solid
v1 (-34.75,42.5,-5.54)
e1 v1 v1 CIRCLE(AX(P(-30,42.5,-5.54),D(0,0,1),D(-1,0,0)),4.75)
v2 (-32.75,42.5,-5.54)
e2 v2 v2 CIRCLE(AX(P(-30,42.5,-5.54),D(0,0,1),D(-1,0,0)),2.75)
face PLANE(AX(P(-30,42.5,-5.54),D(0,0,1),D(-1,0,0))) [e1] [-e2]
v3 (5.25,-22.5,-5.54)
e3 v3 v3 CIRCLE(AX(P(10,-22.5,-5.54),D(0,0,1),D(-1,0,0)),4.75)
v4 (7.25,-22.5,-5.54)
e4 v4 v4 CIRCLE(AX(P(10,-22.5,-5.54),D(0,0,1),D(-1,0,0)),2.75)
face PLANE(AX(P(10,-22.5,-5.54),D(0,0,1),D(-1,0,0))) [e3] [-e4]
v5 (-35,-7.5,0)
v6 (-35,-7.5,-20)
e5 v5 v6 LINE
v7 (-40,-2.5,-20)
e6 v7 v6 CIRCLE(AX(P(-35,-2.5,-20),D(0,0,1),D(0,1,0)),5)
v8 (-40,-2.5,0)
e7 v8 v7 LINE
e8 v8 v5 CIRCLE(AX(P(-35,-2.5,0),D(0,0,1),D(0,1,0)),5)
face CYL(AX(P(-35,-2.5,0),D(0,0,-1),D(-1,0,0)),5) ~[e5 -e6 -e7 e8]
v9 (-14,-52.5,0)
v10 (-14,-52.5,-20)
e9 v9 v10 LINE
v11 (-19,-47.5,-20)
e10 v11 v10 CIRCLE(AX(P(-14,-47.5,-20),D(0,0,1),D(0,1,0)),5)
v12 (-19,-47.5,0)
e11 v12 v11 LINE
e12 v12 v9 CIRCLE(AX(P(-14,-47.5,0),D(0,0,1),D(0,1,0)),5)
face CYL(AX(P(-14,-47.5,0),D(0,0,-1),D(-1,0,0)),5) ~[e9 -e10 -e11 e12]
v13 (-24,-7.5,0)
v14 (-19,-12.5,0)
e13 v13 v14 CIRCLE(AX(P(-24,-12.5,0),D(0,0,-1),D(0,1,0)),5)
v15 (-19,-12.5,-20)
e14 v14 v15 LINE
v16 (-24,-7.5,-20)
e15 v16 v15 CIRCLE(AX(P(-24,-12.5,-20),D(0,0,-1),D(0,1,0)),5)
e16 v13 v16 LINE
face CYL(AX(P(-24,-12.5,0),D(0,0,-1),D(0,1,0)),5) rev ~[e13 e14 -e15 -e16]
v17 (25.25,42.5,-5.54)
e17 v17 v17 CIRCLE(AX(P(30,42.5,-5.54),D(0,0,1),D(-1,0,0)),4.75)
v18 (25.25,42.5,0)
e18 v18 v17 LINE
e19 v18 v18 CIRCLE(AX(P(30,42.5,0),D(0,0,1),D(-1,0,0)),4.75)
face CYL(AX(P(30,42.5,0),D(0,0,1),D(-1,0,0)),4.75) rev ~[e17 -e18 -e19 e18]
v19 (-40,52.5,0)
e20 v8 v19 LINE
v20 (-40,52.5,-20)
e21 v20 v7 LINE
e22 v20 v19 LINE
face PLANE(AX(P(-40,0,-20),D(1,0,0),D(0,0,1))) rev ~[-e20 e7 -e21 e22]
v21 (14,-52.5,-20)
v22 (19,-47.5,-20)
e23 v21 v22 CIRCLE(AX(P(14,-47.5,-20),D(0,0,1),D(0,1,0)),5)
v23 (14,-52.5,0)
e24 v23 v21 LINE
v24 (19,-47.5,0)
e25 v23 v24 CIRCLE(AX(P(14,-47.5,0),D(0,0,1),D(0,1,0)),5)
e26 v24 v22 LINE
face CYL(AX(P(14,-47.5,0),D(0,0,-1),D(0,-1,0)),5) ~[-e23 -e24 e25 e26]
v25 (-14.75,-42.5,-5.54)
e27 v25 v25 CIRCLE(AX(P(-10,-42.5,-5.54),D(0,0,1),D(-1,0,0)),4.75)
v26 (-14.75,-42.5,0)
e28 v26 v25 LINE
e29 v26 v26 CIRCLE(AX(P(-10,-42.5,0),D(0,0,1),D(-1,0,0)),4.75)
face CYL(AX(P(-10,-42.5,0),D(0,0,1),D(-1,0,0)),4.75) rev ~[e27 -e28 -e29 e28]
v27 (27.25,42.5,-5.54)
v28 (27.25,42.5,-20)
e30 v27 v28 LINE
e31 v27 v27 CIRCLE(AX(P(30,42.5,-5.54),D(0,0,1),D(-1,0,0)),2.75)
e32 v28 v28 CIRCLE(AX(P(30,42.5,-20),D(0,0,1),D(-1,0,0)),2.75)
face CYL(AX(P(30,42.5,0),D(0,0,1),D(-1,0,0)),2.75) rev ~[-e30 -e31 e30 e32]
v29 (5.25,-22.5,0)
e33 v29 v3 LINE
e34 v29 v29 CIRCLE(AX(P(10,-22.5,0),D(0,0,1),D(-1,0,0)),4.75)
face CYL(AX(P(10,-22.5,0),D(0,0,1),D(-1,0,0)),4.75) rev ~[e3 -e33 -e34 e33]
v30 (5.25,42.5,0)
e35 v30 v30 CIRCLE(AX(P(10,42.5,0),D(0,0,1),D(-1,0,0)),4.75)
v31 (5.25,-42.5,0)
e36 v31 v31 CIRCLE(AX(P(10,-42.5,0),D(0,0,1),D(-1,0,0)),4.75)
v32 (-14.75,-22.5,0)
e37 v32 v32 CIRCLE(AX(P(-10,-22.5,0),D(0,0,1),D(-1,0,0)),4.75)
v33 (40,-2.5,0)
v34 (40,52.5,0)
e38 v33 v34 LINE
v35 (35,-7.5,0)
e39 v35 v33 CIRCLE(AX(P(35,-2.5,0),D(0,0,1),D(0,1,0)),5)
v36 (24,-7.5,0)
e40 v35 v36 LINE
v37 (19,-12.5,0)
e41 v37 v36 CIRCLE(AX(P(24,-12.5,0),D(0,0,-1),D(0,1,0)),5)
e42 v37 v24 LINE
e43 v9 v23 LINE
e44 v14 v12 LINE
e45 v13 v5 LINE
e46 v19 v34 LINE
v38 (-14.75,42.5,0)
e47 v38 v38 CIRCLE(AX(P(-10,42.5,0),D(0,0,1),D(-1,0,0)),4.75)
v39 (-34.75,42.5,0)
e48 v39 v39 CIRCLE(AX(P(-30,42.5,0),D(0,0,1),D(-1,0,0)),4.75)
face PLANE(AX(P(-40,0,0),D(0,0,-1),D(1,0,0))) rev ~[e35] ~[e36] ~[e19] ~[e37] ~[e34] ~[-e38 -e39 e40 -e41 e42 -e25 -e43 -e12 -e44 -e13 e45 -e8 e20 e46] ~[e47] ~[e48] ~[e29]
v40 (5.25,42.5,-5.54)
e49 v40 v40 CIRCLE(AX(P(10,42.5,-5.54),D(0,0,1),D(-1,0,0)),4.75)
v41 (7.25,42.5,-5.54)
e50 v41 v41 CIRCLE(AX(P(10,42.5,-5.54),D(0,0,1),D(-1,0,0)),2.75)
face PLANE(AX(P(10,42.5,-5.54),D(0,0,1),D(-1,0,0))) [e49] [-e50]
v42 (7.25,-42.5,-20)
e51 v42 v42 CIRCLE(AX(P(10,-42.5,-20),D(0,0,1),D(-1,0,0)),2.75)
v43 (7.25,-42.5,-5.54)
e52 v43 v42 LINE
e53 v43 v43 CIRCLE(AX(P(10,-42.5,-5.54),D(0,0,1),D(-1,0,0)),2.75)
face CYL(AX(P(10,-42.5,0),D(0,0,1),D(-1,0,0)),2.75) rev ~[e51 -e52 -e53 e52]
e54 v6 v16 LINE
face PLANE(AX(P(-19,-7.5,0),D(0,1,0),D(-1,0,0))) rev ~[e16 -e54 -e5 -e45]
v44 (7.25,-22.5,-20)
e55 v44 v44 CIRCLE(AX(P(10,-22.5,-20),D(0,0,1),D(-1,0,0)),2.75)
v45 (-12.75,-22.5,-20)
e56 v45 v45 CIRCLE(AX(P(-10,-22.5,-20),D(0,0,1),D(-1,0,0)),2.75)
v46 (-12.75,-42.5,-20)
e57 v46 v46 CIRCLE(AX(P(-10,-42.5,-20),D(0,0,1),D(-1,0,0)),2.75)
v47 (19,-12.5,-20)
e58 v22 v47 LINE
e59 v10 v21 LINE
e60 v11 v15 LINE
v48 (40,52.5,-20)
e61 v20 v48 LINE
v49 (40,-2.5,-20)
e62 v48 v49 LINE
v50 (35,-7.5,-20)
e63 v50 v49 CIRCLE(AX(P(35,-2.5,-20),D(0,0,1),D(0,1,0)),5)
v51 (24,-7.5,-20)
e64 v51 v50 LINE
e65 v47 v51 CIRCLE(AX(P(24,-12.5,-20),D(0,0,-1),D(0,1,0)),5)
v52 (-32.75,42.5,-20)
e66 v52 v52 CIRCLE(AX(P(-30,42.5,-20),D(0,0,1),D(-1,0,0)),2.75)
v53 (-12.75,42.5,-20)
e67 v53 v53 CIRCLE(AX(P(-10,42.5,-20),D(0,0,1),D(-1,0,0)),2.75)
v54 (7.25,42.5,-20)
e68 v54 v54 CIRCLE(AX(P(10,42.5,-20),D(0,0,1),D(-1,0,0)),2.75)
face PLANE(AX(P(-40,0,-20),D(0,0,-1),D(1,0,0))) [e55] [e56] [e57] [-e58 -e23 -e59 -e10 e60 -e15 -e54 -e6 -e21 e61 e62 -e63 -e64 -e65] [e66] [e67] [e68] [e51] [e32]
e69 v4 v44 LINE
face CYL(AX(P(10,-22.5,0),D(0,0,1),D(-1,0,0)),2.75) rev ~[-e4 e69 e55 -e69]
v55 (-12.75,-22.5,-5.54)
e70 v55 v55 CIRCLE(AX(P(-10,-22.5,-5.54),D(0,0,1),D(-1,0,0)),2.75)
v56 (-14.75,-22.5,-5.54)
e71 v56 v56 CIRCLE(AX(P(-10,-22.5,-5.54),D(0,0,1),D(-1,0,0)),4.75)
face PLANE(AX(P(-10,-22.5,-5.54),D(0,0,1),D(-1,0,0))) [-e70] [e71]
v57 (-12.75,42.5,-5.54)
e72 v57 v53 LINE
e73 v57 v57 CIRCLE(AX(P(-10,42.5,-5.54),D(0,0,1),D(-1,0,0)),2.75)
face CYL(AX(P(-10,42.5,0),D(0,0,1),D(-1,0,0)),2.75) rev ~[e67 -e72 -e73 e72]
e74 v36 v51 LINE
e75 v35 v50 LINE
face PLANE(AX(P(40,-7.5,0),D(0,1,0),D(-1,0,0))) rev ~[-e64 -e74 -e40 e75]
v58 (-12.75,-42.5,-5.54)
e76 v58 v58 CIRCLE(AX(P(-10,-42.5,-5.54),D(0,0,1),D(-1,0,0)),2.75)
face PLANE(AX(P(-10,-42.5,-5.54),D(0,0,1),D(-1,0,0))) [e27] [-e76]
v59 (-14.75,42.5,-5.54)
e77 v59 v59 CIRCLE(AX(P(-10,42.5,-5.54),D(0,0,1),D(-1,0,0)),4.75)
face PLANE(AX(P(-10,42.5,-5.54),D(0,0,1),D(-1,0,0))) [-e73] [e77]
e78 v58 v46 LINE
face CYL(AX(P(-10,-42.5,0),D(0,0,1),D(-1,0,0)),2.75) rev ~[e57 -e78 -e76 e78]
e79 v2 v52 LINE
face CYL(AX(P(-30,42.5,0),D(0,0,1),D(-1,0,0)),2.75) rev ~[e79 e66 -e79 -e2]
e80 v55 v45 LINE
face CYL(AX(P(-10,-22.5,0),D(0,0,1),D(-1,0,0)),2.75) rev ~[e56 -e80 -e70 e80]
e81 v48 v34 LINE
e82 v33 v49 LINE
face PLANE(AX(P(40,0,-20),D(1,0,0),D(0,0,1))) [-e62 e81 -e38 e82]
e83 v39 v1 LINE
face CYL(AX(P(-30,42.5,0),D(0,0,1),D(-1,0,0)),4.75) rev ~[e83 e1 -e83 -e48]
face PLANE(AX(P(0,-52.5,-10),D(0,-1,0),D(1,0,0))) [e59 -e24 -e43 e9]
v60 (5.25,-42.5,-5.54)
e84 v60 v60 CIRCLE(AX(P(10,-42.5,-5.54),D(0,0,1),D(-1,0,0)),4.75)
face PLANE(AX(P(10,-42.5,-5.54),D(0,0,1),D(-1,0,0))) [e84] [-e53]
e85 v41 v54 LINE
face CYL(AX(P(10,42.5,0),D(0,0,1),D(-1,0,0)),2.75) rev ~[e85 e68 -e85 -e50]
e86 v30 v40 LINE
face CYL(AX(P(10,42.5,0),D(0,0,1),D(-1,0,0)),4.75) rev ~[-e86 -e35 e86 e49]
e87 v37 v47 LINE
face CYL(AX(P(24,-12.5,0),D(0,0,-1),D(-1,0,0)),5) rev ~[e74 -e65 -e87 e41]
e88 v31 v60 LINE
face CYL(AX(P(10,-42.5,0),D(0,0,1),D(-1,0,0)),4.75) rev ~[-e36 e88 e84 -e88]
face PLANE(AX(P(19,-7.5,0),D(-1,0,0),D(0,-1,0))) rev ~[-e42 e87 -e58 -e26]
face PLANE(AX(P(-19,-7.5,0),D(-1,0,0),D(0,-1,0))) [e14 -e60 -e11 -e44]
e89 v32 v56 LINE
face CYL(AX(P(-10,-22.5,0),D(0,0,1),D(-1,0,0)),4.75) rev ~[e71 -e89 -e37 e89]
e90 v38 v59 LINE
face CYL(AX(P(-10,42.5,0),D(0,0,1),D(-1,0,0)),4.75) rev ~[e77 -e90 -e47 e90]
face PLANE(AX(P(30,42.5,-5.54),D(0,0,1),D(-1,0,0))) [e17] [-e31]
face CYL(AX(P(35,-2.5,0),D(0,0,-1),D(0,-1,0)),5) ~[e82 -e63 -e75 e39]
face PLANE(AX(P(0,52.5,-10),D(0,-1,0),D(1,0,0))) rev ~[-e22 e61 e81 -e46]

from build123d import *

# Parameters (mm, degrees)
SKETCH_W        = 80
SKETCH_H        = 20
PAD_DEPTH       = 52.5
SKETCH001_R     = 2.75
POCKET_DEPTH    = 20.001
SKETCH002_R     = 4.75
POCKET001_DEPTH = 5.54
SKETCH003_W     = 21
SKETCH003_H     = 45
POCKET002_DEPTH = 20.001
FILLET_R        = 5


with BuildPart() as part:
    # Sketch → Pad (new body, symmetric)
    with BuildSketch(Plane.XZ):
        with Locations((0, -10)):
            Rectangle(SKETCH_W, SKETCH_H)
    extrude(amount=PAD_DEPTH, both=True)

    # Sketch001 (on Face4 of Pad) → Pocket (cut, through all)
    with BuildSketch(Plane(origin=(0, 0, 0), x_dir=(-1, 0, 0), z_dir=(0, 0, 1))):
        with Locations((-30, -42.5)):
            Circle(SKETCH001_R)
        with Locations((30, -42.5)):
            Circle(SKETCH001_R)
        with Locations((-10, 42.5)):
            Circle(SKETCH001_R)
        with Locations((10, 42.5)):
            Circle(SKETCH001_R)
        with Locations((-10, 22.5)):
            Circle(SKETCH001_R)
        with Locations((10, 22.5)):
            Circle(SKETCH001_R)
        with Locations((-10, -42.5)):
            Circle(SKETCH001_R)
        with Locations((10, -42.5)):
            Circle(SKETCH001_R)
    extrude(amount=-POCKET_DEPTH, mode=Mode.SUBTRACT)

    # Sketch002 (on Face2 of Pocket) → Pocket001 (cut)
    with BuildSketch(Plane(origin=(0, 0, 0), x_dir=(-1, 0, 0), z_dir=(0, 0, 1))):
        with Locations((-10, 42.5)):
            Circle(SKETCH002_R)
        with Locations((10, 42.5)):
            Circle(SKETCH002_R)
        with Locations((-10, 22.5)):
            Circle(SKETCH002_R)
        with Locations((10, 22.5)):
            Circle(SKETCH002_R)
        with Locations((10, -42.5)):
            Circle(SKETCH002_R)
        with Locations((30, -42.5)):
            Circle(SKETCH002_R)
        with Locations((-30, -42.5)):
            Circle(SKETCH002_R)
        with Locations((-10, -42.5)):
            Circle(SKETCH002_R)
    extrude(amount=-POCKET001_DEPTH, mode=Mode.SUBTRACT)

    # Sketch003 (on Face2 of Pocket001) → Pocket002 (cut, through all)
    with BuildSketch(Plane(origin=(0, 0, 0), x_dir=(-1, 0, 0), z_dir=(0, 0, 1))):
        with Locations((-29.5, 30)):
            Rectangle(SKETCH003_W, SKETCH003_H)
        with Locations((29.5, 30)):
            Rectangle(SKETCH003_W, SKETCH003_H)
    extrude(amount=-POCKET002_DEPTH, mode=Mode.SUBTRACT)

    # Fillet
    fillet_edges = [part.edges().sort_by_distance(p)[0] for p in [
        (40, -7.5, -10),
        (19, -7.5, -10),
        (19, -52.5, -10),
        (-19, -52.5, -10),
        (-19, -7.5, -10),
        (-40, -7.5, -10),
    ]]
    fillet(fillet_edges, radius=FILLET_R)


solid = part.part
